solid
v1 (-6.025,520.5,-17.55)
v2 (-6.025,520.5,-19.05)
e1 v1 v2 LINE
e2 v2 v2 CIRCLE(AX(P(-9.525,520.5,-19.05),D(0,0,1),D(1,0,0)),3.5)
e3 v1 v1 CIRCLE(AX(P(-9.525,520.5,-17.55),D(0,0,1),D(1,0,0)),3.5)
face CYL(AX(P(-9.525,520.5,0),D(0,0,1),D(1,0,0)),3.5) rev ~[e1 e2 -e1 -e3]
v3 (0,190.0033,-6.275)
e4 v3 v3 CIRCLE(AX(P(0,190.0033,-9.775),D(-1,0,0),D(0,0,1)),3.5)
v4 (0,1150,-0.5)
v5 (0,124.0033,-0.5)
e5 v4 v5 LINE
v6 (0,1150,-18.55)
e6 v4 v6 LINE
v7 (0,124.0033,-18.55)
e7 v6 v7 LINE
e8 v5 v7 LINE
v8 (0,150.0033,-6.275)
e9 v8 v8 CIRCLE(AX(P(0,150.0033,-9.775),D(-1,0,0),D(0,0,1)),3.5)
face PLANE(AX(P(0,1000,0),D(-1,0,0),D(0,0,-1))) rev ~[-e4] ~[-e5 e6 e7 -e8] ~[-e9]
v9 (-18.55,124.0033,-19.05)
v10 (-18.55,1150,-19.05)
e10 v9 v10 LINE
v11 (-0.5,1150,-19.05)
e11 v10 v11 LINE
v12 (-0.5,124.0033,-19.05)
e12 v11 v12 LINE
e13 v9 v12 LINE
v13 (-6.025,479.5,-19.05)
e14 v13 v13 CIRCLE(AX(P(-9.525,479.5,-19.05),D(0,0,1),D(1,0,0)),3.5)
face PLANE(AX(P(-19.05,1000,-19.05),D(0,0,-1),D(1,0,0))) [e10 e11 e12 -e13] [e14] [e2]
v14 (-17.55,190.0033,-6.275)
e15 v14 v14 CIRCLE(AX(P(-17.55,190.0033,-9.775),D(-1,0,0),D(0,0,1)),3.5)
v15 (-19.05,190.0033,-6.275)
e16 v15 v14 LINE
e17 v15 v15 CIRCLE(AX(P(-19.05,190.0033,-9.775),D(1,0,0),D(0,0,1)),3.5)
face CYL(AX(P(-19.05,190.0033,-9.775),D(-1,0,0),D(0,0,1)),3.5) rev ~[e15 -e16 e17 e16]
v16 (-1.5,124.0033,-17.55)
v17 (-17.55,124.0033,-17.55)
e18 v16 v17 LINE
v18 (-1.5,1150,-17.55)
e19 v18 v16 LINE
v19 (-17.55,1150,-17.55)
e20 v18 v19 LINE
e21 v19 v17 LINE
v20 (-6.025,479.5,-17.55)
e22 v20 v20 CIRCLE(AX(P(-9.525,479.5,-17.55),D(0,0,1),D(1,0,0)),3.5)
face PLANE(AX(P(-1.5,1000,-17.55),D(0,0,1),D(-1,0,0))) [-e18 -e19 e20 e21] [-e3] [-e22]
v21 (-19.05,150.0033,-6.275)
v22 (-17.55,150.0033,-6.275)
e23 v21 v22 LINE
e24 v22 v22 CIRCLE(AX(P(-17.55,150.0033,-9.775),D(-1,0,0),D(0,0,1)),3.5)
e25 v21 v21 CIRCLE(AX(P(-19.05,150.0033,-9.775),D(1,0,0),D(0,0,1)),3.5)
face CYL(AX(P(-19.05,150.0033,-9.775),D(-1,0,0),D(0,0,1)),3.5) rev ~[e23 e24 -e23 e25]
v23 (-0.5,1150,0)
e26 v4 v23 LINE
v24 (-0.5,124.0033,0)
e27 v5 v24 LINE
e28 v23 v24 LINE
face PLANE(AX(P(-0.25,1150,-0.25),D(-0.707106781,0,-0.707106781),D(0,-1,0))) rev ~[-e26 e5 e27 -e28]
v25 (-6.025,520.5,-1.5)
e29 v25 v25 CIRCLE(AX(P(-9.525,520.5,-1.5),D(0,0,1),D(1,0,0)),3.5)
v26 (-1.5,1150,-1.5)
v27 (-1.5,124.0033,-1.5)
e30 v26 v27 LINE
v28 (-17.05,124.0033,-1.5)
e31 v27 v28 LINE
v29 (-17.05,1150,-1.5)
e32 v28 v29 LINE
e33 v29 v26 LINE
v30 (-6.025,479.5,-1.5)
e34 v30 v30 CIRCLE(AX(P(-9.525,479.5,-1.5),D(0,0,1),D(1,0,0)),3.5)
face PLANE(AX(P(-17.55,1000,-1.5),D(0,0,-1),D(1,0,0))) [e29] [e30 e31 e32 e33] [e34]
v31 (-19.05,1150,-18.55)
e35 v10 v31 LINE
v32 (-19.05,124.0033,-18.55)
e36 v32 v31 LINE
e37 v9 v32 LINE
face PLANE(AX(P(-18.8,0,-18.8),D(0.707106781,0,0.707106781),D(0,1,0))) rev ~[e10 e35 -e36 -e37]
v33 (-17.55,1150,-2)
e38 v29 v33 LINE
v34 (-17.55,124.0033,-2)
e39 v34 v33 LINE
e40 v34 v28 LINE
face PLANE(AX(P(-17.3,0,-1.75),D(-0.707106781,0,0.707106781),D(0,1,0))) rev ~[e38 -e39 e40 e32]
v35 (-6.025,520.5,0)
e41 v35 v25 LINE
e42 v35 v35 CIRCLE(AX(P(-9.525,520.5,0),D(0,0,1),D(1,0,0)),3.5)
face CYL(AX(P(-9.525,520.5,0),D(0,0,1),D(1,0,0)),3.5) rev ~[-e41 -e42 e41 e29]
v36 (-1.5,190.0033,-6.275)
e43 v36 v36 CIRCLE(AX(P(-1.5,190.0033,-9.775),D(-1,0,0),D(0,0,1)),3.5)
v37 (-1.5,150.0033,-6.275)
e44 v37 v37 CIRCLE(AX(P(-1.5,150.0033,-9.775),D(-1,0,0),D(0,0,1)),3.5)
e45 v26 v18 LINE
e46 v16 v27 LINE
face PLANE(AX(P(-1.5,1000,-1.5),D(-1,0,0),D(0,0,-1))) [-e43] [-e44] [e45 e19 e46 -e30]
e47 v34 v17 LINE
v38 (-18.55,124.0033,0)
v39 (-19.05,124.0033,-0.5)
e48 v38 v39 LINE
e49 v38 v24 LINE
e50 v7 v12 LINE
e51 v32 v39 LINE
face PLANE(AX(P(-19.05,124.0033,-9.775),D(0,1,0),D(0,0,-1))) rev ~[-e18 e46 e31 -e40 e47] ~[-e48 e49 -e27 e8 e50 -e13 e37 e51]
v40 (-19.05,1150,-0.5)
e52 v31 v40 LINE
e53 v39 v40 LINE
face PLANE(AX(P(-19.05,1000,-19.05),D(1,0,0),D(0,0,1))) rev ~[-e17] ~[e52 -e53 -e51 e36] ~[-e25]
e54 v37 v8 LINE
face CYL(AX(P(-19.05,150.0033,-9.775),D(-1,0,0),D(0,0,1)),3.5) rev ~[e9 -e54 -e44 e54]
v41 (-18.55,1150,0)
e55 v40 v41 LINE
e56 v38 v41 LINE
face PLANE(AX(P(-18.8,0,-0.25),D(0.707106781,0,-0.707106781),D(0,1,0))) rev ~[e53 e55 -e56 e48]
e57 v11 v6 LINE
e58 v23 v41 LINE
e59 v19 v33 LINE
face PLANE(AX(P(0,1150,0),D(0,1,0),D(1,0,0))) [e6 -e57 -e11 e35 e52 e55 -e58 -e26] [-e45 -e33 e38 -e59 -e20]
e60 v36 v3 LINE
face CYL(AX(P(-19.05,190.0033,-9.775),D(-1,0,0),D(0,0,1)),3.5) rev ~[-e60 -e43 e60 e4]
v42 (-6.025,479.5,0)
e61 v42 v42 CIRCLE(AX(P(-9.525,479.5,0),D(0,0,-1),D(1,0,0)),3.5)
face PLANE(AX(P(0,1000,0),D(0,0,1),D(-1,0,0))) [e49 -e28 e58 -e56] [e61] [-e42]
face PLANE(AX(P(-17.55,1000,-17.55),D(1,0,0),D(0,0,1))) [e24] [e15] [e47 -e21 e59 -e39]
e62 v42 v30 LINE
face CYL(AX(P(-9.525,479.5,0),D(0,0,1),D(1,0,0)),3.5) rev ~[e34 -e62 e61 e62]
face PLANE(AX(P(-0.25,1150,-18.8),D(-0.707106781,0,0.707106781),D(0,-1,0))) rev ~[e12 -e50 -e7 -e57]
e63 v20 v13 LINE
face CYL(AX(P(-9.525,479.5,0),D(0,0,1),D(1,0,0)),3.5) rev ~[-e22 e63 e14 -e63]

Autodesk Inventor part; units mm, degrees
ref_plane "YZ Plane" through (0, 0, 0) normal (1, 0, 0) x (0, 1, 0)
ref_plane "XZ Plane" through (0, 0, 0) normal (0, 1, 0) x (-1, 0, 0)
ref_plane "XY Plane" through (0, 0, 0) normal (0, 0, 1) x (1, 0, 0)
sketch "Esboço1" plane through (0, 0, 0) normal (0, 1, 0) x (-1, 0, 0)
  line L0 (0, 0) -> (19.05, 0)
  line L1 (19.05, 0) -> (19.05, -19.05)
  line L2 (19.05, -19.05) -> (0, -19.05)
  line L3 (0, -19.05) -> (0, 0)
  line L4 (17.55, -17.55) -> (17.55, -1.5)
  line L5 (1.5, -1.5) -> (17.55, -1.5)
  line L6 (17.55, -17.55) -> (1.5, -17.55)
  line L7 (1.5, -1.5) -> (1.5, -17.55)
  dimension "d1" = 19.05
  dimension "d2" = 19.05
  dimension "d3" = 19.05
extrude "Extrusão1" add sketch "Esboço1" along normal blind 1000
sketch "Esboço2" plane through (-19.05, 0, -19.05) normal (0, 0, -1) x (-1, 0, 0)
  point P0 (-19.05, 0)
sketch "Esboço3" plane through (0, 0, 0) normal (0, 0, 1) x (1, 0, 0)
  line L0 (-19.05, 0) -> (0, 0) projected
  line L1 (0, 0) -> (-19.05, 0)
  line L2 (-9.525, 0) -> (-9.525, 480)
  circle A0 centre (-9.525, 479.5) radius 3.5
  circle A1 centre (-9.525, 520.5) radius 3.5
  dimension "d15" = 480
  dimension "d56" = 7
  dimension "d57" = 7
extrude "Extrusão2" cut sketch "Esboço3" against normal blind 20
sketch "Esboço6" plane through (0, 1000, 0) normal (0, 1, 0) x (1, 0, 0)
  line L0 (-19.05, 19.05) -> (0, 19.05) projected
  line L1 (0, 0) -> (-19.05, 0) projected
  line L2 (0, 19.05) -> (-19.05, 19.05)
  line L3 (-19.05, 19.05) -> (-19.05, 0)
  line L4 (-19.05, 0) -> (0, 0)
  line L5 (0, 0) -> (0, 19.05)
  line L6 (-17.55, 1.5) -> (-1.5, 1.5) projected
  line L7 (-17.55, 1.5) -> (-1.5, 1.5)
  line L8 (-1.5, 1.5) -> (-1.5, 17.55)
  line L9 (-1.5, 17.55) -> (-17.55, 17.55)
  line L10 (-17.55, 17.55) -> (-17.55, 1.5)
extrude "Extrusão5" add sketch "Esboço6" along normal blind 150
chamfer "Chanfro1" distance 0.5 angle 45 4 edges at (0, 575, 0) (-17.55, 575, -1.5) (-19.05, 575, -19.05) (0, 575, -19.05)
chamfer "Chanfro2" distance 0.5 angle 45 1 edges at (-19.05, 575, 0)
sketch "Esboço7" plane through (-0.5, 0, 0) normal (0, 0, 1) x (1, 0, 0)
  point P0 (0.5, 0)
sketch "Esboço8" plane through (-19.05, 0, -18.55) normal (-1, 0, 0) x (0, 0, 1)
  line L0 (18.55, 1150) -> (16.55, 550.0033)
  line L1 (16.55, 0) -> (16.55, 1150) projected
  line L2 (16.55, 550.0033) -> (16.55, 150.0033)
  line L3 (16.55, 150.0033) -> (1, 150.0033)
  line L4 (1, 0) -> (1, 1150) projected
  line L5 (8.775, 150.0033) -> (8.775, 190.0033)
  circle A0 centre (8.775, 190.0033) radius 3.5
  circle A1 centre (8.775, 150.0033) radius 3.5
  point P0 (18.55, 0)
  dimension "d44" = 600
  dimension "d45" = 400
  dimension "d46" = 40
  dimension "d47" = 7
  dimension "d48" = 7
extrude "Extrusão6" cut sketch "Esboço8" against normal blind 100
sketch "Esboço9" plane through (-19.05, 0, -18.55) normal (-1, 0, 0) x (0, 0, 1)
  circle A0 centre (8.775, 150.0033) radius 3.5 projected
  line L0 (8.775, 150.0033) -> (8.775, 124.0033)
  line L1 (8.775, 124.0033) -> (55.0981, 124.0033)
  line L2 (18.55, 0) -> (-66.7734, 0)
  line L3 (55.0981, 124.0033) -> (-62.8208, 124.0033)
  line L4 (-62.8208, 124.0033) -> (-62.8208, 0)
  line L5 (-62.8208, 0) -> (55.0981, 0)
  line L6 (55.0981, 0) -> (55.0981, 124.0033)
  dimension "d51" = 26
extrude "Extrusão7" cut sketch "Esboço9" against normal blind 100 contours L1 L6 L5 L2 L4 L3
properties part number "suporte sensores 1m" material "Alumínio 6061"
